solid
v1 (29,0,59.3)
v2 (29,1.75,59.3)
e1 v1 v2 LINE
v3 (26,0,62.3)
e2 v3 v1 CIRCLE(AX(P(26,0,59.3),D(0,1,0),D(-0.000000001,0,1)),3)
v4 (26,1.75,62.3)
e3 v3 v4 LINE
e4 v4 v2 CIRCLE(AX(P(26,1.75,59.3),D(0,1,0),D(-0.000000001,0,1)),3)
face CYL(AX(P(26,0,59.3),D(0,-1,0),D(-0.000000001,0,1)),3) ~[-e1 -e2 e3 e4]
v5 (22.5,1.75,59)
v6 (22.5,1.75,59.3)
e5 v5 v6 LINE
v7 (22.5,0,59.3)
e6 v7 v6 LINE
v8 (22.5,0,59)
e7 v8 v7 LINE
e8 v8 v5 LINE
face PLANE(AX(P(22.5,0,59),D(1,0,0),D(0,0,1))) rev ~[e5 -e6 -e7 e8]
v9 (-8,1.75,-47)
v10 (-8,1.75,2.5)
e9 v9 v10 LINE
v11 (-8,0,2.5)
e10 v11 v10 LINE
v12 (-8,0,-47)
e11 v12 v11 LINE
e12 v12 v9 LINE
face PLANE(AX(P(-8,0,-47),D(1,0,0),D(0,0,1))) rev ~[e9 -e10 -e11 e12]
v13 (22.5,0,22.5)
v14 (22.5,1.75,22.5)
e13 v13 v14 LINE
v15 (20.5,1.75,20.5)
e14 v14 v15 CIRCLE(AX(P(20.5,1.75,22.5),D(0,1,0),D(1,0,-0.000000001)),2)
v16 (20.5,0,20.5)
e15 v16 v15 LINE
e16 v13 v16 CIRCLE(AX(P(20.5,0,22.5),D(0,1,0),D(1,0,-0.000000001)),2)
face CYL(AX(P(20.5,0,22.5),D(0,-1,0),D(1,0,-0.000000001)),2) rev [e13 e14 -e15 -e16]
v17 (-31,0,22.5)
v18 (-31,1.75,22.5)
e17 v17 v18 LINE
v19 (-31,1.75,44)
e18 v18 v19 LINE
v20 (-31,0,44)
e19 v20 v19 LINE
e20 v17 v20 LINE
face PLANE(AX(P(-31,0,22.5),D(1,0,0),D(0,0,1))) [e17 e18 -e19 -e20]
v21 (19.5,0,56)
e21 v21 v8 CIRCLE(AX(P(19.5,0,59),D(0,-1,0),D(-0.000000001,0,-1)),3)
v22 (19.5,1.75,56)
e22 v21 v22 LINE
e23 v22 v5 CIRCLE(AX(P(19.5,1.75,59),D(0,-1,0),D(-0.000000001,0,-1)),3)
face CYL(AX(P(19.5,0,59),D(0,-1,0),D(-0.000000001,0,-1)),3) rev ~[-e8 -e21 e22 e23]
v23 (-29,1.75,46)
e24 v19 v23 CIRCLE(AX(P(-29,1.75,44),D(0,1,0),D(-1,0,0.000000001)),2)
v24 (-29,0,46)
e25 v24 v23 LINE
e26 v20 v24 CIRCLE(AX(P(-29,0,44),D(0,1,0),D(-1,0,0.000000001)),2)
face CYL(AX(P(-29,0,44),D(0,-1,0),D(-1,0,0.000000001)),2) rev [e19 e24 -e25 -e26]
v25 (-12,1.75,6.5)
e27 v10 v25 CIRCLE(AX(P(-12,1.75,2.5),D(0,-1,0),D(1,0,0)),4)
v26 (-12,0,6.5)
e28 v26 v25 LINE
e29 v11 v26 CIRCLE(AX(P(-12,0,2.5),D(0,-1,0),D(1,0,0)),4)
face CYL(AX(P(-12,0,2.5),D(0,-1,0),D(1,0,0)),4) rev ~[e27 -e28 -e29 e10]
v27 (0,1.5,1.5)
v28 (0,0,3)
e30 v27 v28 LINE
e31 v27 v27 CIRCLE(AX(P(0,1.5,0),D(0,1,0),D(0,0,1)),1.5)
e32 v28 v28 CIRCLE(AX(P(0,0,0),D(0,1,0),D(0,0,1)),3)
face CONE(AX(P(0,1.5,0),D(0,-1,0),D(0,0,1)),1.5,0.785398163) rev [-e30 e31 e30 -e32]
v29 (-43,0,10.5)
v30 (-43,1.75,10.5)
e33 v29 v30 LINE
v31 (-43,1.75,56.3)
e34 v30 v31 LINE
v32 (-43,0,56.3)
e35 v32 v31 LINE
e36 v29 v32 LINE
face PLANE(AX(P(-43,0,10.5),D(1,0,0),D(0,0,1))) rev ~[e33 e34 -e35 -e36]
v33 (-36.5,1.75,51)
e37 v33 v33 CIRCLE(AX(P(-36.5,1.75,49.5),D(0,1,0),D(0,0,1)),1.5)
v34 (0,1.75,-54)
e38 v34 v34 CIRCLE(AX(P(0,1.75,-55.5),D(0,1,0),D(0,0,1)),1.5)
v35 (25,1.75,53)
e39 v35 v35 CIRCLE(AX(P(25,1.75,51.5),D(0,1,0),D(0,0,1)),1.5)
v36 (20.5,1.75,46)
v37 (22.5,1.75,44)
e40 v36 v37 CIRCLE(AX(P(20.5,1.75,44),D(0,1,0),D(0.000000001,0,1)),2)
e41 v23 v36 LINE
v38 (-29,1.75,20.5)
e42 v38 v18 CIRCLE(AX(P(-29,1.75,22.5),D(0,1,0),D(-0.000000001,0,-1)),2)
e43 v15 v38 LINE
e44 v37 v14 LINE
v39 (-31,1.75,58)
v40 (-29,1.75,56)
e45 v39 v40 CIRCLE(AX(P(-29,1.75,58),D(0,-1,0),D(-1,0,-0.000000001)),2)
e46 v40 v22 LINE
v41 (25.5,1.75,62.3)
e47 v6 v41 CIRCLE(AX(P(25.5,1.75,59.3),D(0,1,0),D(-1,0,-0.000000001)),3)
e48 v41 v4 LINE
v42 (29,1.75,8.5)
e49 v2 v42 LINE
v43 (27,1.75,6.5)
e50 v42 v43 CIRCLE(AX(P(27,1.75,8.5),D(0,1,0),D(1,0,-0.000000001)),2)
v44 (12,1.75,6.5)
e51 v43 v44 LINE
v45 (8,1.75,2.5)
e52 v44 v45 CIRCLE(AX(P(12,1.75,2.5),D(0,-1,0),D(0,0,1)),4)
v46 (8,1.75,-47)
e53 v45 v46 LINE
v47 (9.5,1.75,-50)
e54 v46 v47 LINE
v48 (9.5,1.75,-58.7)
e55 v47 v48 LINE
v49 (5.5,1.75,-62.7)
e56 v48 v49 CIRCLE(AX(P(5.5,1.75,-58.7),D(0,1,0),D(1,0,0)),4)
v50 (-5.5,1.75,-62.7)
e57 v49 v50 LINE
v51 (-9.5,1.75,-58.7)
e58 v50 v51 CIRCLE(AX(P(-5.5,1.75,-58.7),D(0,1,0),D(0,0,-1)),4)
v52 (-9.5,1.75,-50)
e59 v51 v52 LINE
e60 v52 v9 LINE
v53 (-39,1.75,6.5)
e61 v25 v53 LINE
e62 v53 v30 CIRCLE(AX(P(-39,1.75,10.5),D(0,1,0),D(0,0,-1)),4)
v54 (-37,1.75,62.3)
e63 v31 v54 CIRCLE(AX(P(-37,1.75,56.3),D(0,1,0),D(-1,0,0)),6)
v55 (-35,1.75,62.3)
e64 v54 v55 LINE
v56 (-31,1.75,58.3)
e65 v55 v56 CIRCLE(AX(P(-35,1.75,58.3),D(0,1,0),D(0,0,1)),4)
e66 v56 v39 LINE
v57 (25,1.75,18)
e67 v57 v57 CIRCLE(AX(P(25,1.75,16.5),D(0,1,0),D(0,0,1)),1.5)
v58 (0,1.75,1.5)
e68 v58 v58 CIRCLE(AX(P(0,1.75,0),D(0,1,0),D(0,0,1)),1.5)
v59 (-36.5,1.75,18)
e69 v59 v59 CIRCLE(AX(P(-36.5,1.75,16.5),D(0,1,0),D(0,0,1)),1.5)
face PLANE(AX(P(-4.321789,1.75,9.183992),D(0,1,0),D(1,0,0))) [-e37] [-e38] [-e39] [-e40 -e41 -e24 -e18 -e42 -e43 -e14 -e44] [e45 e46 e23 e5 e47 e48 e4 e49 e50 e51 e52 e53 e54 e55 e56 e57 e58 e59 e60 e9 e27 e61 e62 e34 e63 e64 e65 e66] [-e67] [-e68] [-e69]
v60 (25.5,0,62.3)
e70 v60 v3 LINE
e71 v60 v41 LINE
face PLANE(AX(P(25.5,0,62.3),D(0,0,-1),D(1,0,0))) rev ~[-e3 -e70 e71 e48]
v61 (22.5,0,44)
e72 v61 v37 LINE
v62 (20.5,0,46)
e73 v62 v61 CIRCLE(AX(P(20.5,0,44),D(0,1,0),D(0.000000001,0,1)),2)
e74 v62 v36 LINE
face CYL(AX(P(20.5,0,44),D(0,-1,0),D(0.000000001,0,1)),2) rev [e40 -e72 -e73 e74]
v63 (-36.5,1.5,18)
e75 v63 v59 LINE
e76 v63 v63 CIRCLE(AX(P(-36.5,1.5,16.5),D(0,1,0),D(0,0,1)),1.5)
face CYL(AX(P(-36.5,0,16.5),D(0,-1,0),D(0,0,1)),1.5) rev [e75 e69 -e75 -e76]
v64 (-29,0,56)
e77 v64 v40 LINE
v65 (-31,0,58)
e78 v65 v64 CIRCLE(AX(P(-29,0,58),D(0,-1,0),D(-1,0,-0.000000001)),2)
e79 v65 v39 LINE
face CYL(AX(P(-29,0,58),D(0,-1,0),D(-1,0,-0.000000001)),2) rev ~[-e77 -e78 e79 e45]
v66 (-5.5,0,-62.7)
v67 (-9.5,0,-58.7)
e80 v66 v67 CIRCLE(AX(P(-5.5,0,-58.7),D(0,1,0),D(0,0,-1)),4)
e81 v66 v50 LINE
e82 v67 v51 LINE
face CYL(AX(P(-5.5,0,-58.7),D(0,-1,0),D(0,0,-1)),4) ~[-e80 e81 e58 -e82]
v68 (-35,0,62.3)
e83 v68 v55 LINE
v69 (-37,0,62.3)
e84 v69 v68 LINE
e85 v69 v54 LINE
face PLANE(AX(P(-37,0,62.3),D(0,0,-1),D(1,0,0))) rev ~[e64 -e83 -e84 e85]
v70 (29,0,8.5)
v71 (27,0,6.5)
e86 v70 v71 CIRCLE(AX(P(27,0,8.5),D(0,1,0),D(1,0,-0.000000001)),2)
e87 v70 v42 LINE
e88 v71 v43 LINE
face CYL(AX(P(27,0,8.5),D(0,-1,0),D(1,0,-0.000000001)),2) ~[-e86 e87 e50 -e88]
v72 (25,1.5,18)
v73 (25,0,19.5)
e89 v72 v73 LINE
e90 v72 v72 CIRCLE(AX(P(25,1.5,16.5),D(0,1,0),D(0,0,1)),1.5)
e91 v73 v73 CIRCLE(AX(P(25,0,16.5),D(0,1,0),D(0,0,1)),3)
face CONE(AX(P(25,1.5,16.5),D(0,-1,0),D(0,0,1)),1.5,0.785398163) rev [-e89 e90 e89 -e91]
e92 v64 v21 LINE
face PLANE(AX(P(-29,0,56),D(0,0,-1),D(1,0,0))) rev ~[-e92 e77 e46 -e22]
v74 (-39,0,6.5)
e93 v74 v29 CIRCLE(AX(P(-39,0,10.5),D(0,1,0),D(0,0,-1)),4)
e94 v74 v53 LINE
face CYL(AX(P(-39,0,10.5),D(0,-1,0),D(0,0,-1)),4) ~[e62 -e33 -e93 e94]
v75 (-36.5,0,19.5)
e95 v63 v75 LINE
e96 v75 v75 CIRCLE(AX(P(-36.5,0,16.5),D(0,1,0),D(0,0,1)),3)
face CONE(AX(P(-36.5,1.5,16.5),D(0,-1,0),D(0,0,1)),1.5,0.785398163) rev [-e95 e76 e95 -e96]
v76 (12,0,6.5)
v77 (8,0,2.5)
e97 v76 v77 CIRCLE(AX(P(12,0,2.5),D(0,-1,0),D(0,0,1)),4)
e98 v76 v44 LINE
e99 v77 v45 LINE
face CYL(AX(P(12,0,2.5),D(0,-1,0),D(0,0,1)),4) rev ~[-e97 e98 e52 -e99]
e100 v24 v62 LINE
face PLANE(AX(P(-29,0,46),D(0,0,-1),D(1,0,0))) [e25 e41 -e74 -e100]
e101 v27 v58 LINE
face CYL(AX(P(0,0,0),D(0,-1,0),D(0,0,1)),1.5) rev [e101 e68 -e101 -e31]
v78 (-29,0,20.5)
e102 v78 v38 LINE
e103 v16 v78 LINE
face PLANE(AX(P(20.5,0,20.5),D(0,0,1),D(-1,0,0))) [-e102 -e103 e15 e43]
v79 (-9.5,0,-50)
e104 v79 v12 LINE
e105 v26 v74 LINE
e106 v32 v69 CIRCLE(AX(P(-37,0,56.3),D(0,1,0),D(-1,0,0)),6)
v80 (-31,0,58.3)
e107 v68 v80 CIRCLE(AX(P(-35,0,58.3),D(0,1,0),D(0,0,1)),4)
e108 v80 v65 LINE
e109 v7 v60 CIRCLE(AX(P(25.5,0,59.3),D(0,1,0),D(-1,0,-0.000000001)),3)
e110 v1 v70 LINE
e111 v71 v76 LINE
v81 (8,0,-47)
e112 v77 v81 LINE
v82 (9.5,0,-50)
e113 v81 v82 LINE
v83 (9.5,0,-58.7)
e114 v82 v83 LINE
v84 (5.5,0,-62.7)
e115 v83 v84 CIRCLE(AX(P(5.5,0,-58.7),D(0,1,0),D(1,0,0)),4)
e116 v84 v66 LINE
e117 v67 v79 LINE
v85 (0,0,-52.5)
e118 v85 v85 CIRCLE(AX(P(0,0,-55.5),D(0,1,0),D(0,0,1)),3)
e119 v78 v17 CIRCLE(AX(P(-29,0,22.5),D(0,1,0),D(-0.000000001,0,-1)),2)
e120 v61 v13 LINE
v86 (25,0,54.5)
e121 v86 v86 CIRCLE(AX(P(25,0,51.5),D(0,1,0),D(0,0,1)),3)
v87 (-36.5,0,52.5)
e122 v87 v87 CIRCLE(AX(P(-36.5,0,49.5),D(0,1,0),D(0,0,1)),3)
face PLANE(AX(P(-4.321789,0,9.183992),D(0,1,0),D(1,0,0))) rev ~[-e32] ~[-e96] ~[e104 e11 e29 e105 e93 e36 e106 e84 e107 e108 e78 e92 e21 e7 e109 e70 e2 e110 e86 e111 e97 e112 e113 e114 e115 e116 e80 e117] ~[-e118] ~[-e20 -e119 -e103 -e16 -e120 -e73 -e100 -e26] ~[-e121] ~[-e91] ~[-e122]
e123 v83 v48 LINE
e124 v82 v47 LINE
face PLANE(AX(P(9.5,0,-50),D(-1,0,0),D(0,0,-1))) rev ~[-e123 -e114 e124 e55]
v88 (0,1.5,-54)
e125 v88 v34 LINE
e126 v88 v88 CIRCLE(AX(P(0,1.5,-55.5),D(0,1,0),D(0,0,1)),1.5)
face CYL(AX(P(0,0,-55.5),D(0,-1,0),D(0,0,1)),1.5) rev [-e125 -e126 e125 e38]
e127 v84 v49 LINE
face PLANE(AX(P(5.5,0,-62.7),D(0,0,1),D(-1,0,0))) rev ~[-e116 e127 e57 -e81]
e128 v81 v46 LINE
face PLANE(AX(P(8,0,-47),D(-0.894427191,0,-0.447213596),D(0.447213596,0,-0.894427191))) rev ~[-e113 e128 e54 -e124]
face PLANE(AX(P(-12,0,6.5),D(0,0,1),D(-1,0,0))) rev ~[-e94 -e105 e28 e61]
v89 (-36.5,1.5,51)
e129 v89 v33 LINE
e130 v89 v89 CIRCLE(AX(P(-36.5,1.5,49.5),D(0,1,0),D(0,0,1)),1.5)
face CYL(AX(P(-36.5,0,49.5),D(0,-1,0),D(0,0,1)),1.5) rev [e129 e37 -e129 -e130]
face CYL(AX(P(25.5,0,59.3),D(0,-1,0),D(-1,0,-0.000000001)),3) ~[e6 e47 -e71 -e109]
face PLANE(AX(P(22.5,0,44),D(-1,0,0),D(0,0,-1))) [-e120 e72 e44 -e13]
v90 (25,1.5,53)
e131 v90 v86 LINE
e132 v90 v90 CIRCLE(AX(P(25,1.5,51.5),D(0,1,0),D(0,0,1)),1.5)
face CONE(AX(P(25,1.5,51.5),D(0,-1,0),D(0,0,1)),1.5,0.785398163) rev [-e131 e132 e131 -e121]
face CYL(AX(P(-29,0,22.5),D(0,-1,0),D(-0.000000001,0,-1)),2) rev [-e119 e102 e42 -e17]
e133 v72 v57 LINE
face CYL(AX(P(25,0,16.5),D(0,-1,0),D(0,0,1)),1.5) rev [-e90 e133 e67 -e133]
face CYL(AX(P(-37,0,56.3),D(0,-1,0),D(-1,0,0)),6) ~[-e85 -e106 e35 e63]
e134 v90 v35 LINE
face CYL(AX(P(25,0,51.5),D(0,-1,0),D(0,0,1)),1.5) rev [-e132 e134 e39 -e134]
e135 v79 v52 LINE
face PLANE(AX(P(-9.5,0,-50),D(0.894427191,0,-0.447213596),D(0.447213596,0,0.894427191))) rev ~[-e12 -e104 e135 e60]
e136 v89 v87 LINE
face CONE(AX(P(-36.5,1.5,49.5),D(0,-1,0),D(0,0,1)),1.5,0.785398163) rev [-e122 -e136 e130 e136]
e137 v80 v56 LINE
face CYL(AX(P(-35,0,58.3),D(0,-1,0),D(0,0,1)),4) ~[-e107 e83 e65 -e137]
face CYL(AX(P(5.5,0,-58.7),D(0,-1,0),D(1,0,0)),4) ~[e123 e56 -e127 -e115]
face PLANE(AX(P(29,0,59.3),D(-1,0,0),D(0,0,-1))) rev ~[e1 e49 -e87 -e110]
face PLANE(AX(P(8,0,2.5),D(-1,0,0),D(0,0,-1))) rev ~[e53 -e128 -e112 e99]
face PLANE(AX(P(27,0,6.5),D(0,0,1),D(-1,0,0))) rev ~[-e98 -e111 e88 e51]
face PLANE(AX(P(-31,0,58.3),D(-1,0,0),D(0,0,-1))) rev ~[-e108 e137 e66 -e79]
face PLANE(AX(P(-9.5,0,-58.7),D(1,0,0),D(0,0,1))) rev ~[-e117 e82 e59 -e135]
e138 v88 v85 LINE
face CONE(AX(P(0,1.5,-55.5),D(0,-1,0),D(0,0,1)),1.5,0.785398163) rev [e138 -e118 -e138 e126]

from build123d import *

# Parameters (mm, degrees)
SKETCH1_R           = 1.5
BOSS_EXTRUDE1_DEPTH = 1.75
CHAMFER1_SIZE       = 1.5


with BuildPart() as part:
    # Sketch1 → Boss-Extrude1 (new body)
    with BuildSketch(Plane(origin=(0, 0, 0), x_dir=(1, 0, 0), z_dir=(0, 1, 0))):
        with BuildLine():
            Line((8, 0), (8, 47))
            Line((8, 47), (9.5, 50))
            Line((9.5, 50), (9.5, 58.7))
            ThreePointArc((9.5, 58.7), (8.328427125, 61.528427125), (5.5, 62.7))
            Line((5.5, 62.7), (-5.5, 62.7))
            ThreePointArc((-5.5, 62.7), (-8.328427125, 61.528427125), (-9.5, 58.7))
            Line((-9.5, 58.7), (-9.5, 50))
            Line((-9.5, 50), (-8, 47))
            Line((-8, 47), (-8, 0))
            Line((-8, 0), (-8, -2.5))
            ThreePointArc((-8, -2.5), (-9.171572875, -5.328427125), (-12, -6.5))
            Line((-12, -6.5), (-39, -6.5))
            ThreePointArc((-39, -6.5), (-41.828427125, -7.671572875), (-43, -10.5))
            Line((-43, -10.5), (-43, -56))
            Line((-43, -56), (-43, -56.3))
            ThreePointArc((-43, -56.3), (-41.242640687, -60.542640687), (-37, -62.3))
            Line((-37, -62.3), (-35, -62.3))
            ThreePointArc((-35, -62.3), (-32.171572875, -61.128427125), (-31, -58.3))
            Line((-31, -58.3), (-31, -58))
            ThreePointArc((-31, -58), (-30.414213562, -56.585786438), (-29, -56))
            Line((-29, -56), (19.5, -56))
            ThreePointArc((19.5, -56), (21.621320344, -56.878679656), (22.5, -59))
            Line((22.5, -59), (22.5, -59.3))
            ThreePointArc((22.5, -59.3), (23.378679656, -61.421320344), (25.5, -62.3))
            Line((25.5, -62.3), (26, -62.3))
            ThreePointArc((26, -62.3), (28.121320344, -61.421320344), (29, -59.3))
            Line((29, -59.3), (29, -56))
            Line((29, -56), (29, -8.5))
            ThreePointArc((29, -8.5), (28.414213562, -7.085786438), (27, -6.5))
            Line((27, -6.5), (12, -6.5))
            ThreePointArc((12, -6.5), (9.171572875, -5.328427125), (8, -2.5))
            Line((8, -2.5), (8, 0))
        make_face()
        with Locations(Location((0, 0, 0), (0, 0, 270))):
            Circle(SKETCH1_R, mode=Mode.SUBTRACT)
        with Locations(Location((0, 55.5, 0), (0, 0, 270))):
            Circle(SKETCH1_R, mode=Mode.SUBTRACT)
        with Locations(Location((25, -16.5, 0), (0, 0, 270))):
            Circle(SKETCH1_R, mode=Mode.SUBTRACT)
        with Locations(Location((25, -51.5, 0), (0, 0, 270))):
            Circle(SKETCH1_R, mode=Mode.SUBTRACT)
        with Locations(Location((-36.5, -16.5, 0), (0, 0, 270))):
            Circle(SKETCH1_R, mode=Mode.SUBTRACT)
        with Locations(Location((-36.5, -49.5, 0), (0, 0, 270))):
            Circle(SKETCH1_R, mode=Mode.SUBTRACT)
        with BuildLine():
            Line((-31, -22.5), (-31, -44))
            ThreePointArc((-31, -44), (-30.414213562, -45.414213562), (-29, -46))
            Line((-29, -46), (20.5, -46))
            ThreePointArc((20.5, -46), (21.914213562, -45.414213562), (22.5, -44))
            Line((22.5, -44), (22.5, -22.5))
            ThreePointArc((22.5, -22.5), (21.914213562, -21.085786438), (20.5, -20.5))
            Line((20.5, -20.5), (-29, -20.5))
            ThreePointArc((-29, -20.5), (-30.414213562, -21.085786438), (-31, -22.5))
        make_face(mode=Mode.SUBTRACT)
    extrude(amount=BOSS_EXTRUDE1_DEPTH)

    # Chamfer1
    chamfer1_edges = [part.edges().sort_by_distance(p)[0] for p in [
        (25, 0, 15),
        (25, 0, 50),
        (-36.5, 0, 15),
        (-36.5, 0, 48),
        (0, 0, -1.5),
        (0, 0, -57),
    ]]
    chamfer(chamfer1_edges, length=CHAMFER1_SIZE)


solid = part.part
